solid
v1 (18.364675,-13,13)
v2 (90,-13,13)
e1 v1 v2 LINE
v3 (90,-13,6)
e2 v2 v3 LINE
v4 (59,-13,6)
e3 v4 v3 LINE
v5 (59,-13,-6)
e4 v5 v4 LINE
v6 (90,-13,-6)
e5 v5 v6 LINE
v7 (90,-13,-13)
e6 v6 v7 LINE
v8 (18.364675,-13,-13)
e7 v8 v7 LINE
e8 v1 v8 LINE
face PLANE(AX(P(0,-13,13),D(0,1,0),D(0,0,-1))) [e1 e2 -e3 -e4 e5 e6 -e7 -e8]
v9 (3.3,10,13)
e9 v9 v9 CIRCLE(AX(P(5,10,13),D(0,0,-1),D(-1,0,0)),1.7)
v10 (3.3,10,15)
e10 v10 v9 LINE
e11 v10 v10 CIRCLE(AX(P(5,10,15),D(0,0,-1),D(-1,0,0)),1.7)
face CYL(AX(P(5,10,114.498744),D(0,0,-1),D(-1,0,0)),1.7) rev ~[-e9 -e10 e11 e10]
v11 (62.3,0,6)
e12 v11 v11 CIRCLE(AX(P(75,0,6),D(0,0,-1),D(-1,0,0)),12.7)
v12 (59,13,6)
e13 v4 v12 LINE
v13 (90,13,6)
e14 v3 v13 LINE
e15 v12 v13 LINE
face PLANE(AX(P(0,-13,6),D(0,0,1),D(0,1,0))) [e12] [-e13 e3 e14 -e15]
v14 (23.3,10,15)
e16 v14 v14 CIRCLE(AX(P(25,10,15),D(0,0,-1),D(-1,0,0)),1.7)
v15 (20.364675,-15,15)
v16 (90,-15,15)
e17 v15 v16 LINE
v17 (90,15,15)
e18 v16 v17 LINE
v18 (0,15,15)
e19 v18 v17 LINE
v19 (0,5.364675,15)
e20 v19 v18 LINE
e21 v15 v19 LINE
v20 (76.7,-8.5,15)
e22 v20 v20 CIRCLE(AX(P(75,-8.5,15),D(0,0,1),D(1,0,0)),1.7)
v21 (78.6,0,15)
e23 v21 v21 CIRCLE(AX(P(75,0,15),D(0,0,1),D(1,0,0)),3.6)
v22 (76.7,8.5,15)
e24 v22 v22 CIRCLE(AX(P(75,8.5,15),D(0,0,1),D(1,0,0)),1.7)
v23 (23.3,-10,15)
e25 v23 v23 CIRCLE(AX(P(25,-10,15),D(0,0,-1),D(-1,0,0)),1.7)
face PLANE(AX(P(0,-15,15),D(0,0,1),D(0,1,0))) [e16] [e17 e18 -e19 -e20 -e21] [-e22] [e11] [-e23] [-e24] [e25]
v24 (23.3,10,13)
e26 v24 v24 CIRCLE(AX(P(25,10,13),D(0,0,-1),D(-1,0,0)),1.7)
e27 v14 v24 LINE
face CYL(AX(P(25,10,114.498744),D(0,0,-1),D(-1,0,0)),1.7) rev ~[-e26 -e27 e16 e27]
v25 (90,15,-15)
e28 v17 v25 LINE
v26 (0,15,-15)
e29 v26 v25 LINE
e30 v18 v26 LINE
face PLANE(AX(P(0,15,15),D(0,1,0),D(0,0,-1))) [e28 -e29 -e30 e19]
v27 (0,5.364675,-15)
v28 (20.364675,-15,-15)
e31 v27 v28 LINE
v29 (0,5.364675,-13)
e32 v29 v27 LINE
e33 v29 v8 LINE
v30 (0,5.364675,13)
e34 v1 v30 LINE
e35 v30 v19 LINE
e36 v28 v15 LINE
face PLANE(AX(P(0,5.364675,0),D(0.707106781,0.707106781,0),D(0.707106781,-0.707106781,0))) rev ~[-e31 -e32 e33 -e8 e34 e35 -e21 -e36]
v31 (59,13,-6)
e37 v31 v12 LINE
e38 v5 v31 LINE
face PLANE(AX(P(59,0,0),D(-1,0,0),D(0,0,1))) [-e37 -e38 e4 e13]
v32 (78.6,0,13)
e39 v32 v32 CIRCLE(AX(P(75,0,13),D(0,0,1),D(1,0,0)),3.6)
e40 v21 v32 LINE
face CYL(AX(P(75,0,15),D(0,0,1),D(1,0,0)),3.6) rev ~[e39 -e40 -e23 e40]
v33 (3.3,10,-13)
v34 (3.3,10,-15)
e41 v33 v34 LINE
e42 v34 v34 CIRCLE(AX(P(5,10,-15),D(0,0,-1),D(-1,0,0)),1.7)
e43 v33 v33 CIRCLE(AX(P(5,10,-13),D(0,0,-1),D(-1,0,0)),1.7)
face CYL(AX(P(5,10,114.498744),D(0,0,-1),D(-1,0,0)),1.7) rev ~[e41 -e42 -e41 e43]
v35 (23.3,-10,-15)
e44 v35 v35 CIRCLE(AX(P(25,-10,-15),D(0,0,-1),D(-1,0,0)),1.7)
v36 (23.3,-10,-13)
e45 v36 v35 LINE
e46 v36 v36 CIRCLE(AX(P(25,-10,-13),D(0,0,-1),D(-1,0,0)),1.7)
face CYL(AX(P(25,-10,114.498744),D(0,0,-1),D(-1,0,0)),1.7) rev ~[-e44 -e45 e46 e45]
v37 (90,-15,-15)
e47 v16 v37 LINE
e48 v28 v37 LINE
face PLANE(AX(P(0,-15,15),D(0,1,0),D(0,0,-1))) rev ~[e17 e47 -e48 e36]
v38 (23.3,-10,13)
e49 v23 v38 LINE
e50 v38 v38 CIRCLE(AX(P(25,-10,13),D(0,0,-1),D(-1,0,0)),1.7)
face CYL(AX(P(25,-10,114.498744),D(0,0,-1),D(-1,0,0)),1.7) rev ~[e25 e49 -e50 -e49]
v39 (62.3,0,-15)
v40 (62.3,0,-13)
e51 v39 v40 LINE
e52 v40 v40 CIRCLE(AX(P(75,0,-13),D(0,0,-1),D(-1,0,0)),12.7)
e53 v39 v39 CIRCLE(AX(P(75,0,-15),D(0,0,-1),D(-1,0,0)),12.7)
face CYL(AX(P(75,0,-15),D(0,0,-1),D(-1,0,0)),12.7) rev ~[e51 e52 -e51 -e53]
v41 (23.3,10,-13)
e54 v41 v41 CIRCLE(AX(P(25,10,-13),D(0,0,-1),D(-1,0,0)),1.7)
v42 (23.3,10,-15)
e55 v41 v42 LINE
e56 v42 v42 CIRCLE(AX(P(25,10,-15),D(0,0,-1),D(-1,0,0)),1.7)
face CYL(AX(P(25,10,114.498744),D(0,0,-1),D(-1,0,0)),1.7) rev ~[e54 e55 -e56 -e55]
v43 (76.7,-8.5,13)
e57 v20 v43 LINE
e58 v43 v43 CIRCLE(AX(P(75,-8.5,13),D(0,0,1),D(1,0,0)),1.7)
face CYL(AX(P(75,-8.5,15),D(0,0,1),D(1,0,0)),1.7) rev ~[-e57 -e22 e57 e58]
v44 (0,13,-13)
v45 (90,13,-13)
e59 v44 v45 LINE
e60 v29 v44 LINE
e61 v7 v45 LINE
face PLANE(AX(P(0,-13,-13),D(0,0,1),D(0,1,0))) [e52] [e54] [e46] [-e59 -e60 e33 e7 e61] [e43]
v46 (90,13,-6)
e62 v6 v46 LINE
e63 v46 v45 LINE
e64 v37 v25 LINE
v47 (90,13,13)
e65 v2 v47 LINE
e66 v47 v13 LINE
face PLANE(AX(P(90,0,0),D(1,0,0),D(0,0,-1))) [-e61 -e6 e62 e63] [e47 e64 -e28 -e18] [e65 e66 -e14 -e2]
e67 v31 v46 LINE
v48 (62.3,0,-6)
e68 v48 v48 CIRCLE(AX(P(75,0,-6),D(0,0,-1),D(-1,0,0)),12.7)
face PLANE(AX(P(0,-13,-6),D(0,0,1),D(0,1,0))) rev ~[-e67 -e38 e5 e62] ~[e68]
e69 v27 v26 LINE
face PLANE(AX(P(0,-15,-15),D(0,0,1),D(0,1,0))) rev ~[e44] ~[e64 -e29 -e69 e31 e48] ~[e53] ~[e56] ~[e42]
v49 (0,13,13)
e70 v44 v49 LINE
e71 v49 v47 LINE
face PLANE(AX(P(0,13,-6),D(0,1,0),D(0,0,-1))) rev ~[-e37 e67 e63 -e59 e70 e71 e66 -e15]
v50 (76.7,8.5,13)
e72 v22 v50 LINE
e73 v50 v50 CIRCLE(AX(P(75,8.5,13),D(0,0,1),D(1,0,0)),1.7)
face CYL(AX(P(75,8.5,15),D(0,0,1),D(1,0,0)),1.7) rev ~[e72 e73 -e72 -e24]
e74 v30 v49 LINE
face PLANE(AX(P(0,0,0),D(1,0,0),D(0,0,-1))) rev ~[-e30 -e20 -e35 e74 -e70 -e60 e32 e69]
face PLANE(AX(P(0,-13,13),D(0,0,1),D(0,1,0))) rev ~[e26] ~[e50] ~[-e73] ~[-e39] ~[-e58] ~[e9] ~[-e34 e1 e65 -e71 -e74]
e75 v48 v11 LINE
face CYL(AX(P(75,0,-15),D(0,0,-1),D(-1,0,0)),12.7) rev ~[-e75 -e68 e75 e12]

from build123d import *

# Parameters (mm, degrees)
SKETCH1_W               = 30
SKETCH1_H               = 30
SKETCH1_W_2             = 7
SKETCH1_H_2             = 26
BOSS_EXTRUDE3_DEPTH     = 90
SKETCH6_R               = 12.7
CUT_EXTRUDE5_DEPTH      = 23
SKETCH8_R               = 3.6
SKETCH8_R_2             = 1.7
CUT_EXTRUDE6_DEPTH      = 17
SKETCH9_W               = 12
SKETCH9_H               = 26
CUT_EXTRUDE7_DEPTH      = 59
M3_CLEARANCE_HOLE1_D    = 3.4
CUT_EXTRUDE8_DEPTH      = 28
CUT_EXTRUDE8_DEPTH_BACK = 26


with BuildPart() as part:
    # Sketch1 → Boss-Extrude3 (new body)
    with BuildSketch(Plane(origin=(0, 0, 0), x_dir=(0, 0, -1), z_dir=(1, 0, 0))):
        Rectangle(SKETCH1_W, SKETCH1_H)
        with Locations((-9.5, 0)):
            Rectangle(SKETCH1_W_2, SKETCH1_H_2, mode=Mode.SUBTRACT)
        with Locations((9.5, 0)):
            Rectangle(SKETCH1_W_2, SKETCH1_H_2, mode=Mode.SUBTRACT)
    extrude(amount=BOSS_EXTRUDE3_DEPTH)

    # Sketch6 → Cut-Extrude5 (cut)
    with BuildSketch(Plane(origin=(0, 0, -15), x_dir=(-1, 0, 0), z_dir=(0, 0, -1))):
        with Locations((-75, 0)):
            Circle(SKETCH6_R)
    extrude(amount=-CUT_EXTRUDE5_DEPTH, mode=Mode.SUBTRACT)

    # Sketch8 → Cut-Extrude6 (cut)
    with BuildSketch(Plane.XY.offset(15)):
        with Locations((75, 0)):
            Circle(SKETCH8_R)
        with Locations((75, 8.5)):
            Circle(SKETCH8_R_2)
        with Locations((75, -8.5)):
            Circle(SKETCH8_R_2)
    extrude(amount=-CUT_EXTRUDE6_DEPTH, mode=Mode.SUBTRACT)

    # Sketch9 → Cut-Extrude7 (cut)
    with BuildSketch(Plane.ZY):
        Rectangle(SKETCH9_W, SKETCH9_H)
    extrude(amount=-CUT_EXTRUDE7_DEPTH, mode=Mode.SUBTRACT)

    # M3 Clearance Hole1 (through all)
    with Locations(Plane.XY.offset(15)):
        with Locations((25, 10), (5, -10), (25, -10), (5, 10)):
            Hole(M3_CLEARANCE_HOLE1_D / 2)

    # Sketch13 → Cut-Extrude8 (cut, two sides: drawn at the far end of the back side and taken through both)
    with BuildSketch(Plane.XY.offset(-CUT_EXTRUDE8_DEPTH_BACK)):
        Polygon((0, -15), (20.364675298, -15), (0, 5.364675298), align=None)
    extrude(amount=CUT_EXTRUDE8_DEPTH + CUT_EXTRUDE8_DEPTH_BACK, mode=Mode.SUBTRACT)


solid = part.part
